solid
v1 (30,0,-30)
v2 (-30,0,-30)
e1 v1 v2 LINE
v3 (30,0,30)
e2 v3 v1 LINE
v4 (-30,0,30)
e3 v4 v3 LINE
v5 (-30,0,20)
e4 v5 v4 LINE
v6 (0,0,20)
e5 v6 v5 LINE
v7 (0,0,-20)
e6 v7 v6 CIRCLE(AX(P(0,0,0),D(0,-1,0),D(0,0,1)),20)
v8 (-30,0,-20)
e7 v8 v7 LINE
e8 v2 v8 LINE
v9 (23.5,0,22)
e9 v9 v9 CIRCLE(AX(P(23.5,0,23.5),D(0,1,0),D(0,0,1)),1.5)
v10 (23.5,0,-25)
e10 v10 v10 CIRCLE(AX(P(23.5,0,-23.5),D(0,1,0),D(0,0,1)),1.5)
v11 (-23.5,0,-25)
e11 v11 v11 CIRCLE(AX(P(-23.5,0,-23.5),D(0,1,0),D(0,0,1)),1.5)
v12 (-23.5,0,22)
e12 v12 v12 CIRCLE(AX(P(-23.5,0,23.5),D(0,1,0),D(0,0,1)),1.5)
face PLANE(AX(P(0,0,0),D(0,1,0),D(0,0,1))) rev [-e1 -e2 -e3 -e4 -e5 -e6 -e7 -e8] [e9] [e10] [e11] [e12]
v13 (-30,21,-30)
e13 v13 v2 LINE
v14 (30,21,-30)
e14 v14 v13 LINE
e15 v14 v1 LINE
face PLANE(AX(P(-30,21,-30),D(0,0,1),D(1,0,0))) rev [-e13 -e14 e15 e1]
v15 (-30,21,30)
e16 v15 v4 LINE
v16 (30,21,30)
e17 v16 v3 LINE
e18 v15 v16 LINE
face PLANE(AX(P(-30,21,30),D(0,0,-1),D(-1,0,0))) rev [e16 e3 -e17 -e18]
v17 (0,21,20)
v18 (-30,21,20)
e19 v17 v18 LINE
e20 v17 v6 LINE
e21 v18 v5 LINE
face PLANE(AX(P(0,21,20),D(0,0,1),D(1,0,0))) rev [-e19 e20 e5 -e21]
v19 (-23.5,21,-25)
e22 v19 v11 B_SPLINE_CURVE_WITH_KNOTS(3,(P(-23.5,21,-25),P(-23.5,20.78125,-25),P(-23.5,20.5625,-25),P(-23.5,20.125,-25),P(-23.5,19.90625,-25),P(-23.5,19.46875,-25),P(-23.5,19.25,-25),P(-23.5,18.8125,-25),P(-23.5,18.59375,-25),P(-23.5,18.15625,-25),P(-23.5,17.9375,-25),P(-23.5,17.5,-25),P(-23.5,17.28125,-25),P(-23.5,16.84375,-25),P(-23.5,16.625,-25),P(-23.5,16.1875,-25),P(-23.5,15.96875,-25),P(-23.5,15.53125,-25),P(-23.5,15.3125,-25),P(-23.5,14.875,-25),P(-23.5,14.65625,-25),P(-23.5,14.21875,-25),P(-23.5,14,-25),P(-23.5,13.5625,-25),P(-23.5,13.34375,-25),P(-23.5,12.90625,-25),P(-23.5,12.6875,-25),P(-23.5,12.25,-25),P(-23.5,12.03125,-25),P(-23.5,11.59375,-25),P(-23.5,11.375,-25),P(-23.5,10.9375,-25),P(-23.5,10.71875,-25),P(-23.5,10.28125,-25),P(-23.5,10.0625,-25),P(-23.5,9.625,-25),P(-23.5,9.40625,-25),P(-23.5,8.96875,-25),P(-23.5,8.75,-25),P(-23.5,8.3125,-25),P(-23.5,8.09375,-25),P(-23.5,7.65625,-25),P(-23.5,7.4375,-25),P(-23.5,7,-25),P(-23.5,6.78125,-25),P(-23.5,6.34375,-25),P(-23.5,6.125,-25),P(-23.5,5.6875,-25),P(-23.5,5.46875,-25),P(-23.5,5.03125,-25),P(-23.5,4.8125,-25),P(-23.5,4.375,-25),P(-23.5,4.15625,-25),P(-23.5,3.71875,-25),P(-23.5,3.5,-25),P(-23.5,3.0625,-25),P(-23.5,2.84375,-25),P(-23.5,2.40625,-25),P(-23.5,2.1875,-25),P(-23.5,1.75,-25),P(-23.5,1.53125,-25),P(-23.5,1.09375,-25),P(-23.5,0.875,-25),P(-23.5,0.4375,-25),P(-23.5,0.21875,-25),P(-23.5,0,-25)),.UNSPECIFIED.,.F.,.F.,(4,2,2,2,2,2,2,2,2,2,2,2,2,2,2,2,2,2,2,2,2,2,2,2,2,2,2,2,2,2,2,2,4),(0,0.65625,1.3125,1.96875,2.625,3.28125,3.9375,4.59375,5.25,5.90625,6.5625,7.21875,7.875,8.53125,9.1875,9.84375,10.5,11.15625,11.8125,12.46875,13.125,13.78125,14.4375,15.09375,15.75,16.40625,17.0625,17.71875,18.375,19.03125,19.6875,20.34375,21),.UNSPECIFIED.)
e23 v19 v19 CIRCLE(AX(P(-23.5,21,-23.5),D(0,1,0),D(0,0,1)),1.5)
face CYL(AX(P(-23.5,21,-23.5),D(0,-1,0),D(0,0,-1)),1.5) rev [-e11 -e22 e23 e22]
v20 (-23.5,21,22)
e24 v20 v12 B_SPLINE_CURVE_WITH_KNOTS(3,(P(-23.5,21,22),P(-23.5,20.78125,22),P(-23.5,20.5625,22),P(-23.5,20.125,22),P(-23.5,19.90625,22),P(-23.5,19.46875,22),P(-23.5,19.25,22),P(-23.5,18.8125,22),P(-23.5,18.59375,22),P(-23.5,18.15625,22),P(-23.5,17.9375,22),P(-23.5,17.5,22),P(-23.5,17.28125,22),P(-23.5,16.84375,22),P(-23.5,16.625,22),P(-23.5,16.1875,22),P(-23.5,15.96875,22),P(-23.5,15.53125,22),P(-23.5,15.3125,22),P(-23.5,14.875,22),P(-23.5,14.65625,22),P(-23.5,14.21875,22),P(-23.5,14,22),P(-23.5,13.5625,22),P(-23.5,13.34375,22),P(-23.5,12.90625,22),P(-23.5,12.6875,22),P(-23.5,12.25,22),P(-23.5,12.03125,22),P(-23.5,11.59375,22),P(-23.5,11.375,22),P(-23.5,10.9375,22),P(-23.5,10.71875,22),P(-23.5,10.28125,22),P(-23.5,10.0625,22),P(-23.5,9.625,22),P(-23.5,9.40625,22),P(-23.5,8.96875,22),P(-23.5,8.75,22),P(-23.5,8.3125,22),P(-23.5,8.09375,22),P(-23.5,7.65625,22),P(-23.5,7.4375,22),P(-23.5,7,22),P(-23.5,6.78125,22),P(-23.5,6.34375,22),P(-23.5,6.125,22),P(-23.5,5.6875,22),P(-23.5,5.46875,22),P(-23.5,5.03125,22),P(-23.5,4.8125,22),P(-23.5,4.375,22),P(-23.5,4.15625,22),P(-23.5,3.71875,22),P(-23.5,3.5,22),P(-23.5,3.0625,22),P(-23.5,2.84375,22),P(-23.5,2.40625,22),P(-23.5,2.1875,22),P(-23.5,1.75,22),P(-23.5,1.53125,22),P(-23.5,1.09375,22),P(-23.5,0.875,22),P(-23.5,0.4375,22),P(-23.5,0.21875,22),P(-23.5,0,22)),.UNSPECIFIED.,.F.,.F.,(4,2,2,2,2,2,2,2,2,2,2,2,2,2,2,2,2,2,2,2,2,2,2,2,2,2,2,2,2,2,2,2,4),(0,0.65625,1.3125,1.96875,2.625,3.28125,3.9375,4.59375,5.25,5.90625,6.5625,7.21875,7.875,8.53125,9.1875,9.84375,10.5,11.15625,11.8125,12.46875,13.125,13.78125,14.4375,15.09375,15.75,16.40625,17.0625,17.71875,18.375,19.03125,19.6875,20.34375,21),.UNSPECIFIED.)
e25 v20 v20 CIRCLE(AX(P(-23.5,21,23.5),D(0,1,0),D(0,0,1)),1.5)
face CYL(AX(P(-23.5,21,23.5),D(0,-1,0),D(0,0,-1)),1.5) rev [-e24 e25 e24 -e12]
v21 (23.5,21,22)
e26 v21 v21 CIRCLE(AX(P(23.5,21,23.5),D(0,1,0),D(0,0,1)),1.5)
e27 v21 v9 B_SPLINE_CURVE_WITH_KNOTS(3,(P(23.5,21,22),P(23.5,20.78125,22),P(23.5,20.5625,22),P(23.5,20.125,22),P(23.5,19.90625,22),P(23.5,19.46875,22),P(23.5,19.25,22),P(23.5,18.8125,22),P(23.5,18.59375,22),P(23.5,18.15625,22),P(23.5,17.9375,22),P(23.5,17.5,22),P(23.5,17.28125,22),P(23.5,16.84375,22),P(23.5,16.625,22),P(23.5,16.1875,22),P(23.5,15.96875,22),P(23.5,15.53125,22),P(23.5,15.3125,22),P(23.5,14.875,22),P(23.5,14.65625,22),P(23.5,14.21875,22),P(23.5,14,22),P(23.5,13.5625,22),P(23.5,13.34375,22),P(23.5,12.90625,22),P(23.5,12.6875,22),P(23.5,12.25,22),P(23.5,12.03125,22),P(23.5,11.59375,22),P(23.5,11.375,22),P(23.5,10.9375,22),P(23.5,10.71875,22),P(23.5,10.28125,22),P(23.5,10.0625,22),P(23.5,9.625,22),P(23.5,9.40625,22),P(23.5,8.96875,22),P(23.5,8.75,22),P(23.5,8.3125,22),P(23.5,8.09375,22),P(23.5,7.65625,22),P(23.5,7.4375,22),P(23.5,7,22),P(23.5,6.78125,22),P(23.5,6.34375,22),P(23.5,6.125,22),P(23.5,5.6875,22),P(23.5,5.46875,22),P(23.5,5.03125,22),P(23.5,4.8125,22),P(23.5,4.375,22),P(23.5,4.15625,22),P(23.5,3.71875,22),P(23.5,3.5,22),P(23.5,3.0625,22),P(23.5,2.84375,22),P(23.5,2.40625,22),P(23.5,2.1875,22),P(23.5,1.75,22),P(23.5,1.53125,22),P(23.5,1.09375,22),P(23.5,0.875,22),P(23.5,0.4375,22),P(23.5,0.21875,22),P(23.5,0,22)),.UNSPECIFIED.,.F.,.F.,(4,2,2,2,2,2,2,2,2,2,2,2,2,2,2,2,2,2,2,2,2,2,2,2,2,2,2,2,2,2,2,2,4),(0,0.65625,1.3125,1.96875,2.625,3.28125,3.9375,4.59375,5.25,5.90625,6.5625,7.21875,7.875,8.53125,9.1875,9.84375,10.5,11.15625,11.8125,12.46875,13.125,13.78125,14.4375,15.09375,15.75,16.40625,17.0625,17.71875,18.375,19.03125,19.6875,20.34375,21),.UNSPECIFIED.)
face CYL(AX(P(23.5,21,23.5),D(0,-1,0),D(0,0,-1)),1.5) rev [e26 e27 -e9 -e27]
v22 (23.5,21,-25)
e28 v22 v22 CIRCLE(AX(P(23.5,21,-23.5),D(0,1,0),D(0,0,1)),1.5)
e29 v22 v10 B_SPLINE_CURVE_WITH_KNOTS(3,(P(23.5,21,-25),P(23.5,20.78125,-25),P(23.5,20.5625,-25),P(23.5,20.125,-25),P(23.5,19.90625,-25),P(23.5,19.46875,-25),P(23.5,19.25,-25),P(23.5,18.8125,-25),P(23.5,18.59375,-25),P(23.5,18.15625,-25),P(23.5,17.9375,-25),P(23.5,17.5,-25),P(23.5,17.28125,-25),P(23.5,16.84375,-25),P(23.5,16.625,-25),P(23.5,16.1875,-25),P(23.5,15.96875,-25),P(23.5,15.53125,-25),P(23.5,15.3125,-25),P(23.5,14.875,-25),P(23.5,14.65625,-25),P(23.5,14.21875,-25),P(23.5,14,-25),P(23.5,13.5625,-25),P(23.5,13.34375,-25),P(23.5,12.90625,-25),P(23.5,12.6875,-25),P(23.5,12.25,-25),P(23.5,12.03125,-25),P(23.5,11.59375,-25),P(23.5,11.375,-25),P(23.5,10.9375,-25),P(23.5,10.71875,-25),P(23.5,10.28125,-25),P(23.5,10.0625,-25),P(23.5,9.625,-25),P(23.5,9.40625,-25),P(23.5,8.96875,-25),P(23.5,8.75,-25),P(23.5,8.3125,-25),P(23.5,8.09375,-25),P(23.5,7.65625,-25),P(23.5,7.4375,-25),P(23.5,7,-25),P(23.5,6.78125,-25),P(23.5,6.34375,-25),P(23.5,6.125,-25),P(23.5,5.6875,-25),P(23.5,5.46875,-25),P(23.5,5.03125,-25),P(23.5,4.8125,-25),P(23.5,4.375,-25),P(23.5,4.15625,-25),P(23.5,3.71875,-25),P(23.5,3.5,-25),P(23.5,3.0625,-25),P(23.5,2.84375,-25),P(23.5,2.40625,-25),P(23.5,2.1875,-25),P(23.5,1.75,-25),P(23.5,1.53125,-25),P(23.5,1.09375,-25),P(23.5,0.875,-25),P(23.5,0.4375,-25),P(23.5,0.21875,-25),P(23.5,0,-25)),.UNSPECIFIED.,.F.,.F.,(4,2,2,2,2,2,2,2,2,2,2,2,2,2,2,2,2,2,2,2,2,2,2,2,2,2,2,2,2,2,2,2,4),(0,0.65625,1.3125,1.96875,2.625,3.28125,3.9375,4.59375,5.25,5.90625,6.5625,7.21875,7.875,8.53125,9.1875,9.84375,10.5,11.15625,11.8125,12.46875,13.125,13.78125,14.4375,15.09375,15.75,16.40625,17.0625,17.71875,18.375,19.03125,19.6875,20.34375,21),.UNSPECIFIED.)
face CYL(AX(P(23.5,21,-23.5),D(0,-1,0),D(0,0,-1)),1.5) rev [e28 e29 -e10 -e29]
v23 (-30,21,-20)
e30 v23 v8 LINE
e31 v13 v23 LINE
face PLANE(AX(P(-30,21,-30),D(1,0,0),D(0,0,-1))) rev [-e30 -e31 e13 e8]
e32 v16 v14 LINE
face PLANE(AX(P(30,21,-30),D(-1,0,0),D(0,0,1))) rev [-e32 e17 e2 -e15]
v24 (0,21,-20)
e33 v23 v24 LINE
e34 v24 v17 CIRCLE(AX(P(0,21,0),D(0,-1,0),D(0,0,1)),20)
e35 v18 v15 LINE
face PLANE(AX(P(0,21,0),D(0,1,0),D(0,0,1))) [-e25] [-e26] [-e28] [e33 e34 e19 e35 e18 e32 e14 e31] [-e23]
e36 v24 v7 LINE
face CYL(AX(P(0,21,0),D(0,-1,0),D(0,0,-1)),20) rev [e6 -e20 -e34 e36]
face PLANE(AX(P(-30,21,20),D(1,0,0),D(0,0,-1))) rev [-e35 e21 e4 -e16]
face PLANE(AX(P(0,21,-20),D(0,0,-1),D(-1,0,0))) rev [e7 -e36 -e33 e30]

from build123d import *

# Parameters (mm, degrees)
SKETCH1_R           = 1.5
BOSS_EXTRUDE1_DEPTH = 21


with BuildPart() as part:
    # Sketch1 → Boss-Extrude1 (new body)
    with BuildSketch(Plane(origin=(0, 0, 0), x_dir=(1, 0, 0), z_dir=(0, 1, 0))):
        with BuildLine():
            Line((0, 20), (-30, 20))
            Line((-30, 20), (-30, 30))
            Line((-30, 30), (30, 30))
            Line((30, 30), (30, -30))
            Line((30, -30), (-30, -30))
            Line((-30, -30), (-30, -20))
            Line((-30, -20), (0, -20))
            ThreePointArc((0, -20), (20, 0), (0, 20))
        make_face()
        with Locations(Location((-23.5, 23.5, 0), (0, 0, 90))):
            Circle(SKETCH1_R, mode=Mode.SUBTRACT)
        with Locations(Location((23.5, 23.5, 0), (0, 0, 90))):
            Circle(SKETCH1_R, mode=Mode.SUBTRACT)
        with Locations(Location((-23.5, -23.5, 0), (0, 0, 90))):
            Circle(SKETCH1_R, mode=Mode.SUBTRACT)
        with Locations(Location((23.5, -23.5, 0), (0, 0, 90))):
            Circle(SKETCH1_R, mode=Mode.SUBTRACT)
    extrude(amount=BOSS_EXTRUDE1_DEPTH)


solid = part.part
